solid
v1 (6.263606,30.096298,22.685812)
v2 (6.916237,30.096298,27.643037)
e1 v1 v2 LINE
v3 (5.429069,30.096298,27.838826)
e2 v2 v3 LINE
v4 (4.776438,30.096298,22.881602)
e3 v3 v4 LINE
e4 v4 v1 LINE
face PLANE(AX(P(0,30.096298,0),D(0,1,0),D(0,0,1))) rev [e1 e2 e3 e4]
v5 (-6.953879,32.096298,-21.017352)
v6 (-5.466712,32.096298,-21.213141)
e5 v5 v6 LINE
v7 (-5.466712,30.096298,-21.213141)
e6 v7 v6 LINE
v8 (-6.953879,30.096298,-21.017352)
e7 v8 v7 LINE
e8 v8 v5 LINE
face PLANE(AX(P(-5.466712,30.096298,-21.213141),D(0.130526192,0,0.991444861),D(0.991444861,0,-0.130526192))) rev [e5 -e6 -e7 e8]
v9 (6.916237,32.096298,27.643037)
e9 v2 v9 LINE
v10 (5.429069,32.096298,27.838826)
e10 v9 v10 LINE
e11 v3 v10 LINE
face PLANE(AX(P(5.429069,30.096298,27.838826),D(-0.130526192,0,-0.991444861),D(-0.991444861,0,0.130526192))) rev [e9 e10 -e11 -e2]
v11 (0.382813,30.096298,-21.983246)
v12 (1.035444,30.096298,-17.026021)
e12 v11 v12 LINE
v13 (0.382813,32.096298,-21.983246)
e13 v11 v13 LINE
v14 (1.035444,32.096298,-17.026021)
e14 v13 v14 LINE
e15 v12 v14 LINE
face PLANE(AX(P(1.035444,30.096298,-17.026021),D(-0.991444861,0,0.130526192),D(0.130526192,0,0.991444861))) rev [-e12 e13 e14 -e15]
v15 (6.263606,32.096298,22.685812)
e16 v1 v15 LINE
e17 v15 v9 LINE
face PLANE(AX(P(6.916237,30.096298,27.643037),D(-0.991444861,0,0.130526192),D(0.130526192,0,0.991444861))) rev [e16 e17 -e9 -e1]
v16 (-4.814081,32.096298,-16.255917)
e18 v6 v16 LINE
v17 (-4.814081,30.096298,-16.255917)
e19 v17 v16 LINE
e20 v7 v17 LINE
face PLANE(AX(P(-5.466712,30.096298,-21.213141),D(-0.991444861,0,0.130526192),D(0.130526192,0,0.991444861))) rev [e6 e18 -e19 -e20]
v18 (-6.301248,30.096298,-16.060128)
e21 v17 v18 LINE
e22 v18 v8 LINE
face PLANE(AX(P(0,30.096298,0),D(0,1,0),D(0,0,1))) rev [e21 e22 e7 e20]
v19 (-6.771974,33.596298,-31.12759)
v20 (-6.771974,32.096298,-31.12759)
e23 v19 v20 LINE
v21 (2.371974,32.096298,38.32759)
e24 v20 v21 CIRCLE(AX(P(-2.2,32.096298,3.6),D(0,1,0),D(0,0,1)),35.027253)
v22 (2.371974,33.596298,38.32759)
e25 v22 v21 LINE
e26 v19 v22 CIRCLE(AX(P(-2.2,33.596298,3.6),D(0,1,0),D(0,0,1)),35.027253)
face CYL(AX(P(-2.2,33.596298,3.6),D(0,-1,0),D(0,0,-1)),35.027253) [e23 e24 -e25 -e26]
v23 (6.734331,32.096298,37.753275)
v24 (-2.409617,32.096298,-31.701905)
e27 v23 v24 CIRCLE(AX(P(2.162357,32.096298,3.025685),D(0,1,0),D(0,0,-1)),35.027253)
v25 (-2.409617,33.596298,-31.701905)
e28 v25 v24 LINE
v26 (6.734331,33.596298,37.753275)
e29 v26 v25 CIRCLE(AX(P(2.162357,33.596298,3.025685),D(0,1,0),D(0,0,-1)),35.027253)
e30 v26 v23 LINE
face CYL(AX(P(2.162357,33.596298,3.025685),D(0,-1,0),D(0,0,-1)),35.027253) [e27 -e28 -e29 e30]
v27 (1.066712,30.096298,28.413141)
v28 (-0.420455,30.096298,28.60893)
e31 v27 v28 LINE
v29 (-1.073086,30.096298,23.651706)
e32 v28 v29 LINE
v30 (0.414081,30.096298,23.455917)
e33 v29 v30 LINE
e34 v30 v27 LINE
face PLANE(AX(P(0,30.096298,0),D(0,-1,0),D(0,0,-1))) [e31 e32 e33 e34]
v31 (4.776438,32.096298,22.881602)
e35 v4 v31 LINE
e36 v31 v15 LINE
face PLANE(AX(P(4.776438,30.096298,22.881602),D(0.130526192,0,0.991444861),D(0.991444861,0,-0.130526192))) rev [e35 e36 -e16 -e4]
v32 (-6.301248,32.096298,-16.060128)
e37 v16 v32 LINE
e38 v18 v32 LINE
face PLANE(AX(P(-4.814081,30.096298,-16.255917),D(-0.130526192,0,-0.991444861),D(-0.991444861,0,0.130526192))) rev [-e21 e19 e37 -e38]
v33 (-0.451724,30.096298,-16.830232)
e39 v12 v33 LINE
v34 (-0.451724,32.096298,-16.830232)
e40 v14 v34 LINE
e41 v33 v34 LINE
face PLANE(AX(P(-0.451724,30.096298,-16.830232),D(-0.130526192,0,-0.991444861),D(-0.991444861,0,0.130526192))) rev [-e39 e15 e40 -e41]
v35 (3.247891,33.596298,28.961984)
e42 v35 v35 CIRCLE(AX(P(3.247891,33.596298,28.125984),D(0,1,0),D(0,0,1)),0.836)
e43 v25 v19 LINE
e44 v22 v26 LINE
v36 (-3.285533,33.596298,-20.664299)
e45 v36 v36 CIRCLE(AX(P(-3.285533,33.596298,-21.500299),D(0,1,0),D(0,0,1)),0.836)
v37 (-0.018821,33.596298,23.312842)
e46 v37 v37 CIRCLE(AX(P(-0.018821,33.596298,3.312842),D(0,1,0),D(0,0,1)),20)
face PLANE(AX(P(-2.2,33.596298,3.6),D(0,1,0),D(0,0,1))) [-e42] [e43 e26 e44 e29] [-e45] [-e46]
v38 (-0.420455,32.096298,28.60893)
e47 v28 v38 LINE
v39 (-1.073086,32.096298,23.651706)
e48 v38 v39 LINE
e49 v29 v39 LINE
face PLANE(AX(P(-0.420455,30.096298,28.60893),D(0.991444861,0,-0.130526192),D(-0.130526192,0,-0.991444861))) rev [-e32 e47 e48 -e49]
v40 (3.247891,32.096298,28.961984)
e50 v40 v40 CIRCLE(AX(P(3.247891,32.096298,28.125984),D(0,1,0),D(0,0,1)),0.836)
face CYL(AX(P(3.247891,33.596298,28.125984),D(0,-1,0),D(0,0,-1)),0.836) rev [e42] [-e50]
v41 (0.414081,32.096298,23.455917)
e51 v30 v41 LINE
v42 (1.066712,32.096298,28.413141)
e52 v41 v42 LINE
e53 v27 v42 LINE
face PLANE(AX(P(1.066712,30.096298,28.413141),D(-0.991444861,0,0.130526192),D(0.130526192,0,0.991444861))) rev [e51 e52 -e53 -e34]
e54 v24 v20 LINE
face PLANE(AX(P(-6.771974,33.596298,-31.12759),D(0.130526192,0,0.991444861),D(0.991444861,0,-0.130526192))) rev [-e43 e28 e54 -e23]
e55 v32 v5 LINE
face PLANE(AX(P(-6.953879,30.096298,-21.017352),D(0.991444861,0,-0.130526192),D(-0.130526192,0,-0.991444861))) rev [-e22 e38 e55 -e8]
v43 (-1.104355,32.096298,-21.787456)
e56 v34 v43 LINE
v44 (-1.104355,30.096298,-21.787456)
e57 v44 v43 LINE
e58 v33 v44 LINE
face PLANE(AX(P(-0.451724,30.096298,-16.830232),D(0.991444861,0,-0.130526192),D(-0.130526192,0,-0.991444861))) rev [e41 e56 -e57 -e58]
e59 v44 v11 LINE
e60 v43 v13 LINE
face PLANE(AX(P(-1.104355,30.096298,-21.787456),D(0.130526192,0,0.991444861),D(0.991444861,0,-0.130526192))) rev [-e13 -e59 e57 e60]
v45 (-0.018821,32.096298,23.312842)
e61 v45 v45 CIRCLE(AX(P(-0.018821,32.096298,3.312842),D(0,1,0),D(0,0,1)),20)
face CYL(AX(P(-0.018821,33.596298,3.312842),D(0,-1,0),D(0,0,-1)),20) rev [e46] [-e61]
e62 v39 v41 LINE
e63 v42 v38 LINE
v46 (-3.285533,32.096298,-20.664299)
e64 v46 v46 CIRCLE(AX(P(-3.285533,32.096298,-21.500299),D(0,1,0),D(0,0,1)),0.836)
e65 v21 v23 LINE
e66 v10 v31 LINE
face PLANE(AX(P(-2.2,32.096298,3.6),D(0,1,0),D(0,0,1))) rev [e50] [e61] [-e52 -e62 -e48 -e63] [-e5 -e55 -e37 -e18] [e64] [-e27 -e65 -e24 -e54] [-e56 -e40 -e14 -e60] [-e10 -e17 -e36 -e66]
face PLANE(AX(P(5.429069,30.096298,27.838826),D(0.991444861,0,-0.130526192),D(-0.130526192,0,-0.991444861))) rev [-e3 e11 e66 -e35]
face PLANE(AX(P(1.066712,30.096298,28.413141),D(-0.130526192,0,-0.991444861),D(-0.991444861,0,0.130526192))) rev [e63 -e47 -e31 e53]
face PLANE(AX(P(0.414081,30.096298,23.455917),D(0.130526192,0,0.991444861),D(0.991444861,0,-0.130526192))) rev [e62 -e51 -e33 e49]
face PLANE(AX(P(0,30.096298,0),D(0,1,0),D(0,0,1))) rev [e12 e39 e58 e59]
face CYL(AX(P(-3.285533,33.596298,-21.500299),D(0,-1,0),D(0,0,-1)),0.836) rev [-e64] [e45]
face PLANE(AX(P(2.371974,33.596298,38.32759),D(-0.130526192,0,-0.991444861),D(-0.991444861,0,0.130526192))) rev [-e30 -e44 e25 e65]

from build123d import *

# Parameters (mm, degrees)
SKETCH89_R          = 20
SKETCH89_R_2        = 0.836
BOSS_EXTRUDE1_DEPTH = 1.5
BOSS_EXTRUDE2_DEPTH = 2


with BuildPart() as part:
    # Sketch89 → Boss-Extrude1 (new body)
    with BuildSketch(Plane(origin=(0, 32.096297607, 0), x_dir=(1, 0, 0), z_dir=(0, 1, 0))):
        with BuildLine():
            Line((-6.77197393, 31.12758978), (-2.40961654, 31.701905026))
            ThreePointArc((-2.40961654, 31.701905026), (36.88994717, 1.546289176), (6.73433132, -37.753274534))
            Line((6.73433132, -37.753274534), (2.37197393, -38.32758978))
            ThreePointArc((2.37197393, -38.32758978), (-36.92758978, -8.17197393), (-6.77197393, 31.12758978))
        make_face()
        with Locations(Location((-0.018821305, -3.312842377, 0), (0, 0, 270))):
            Circle(SKETCH89_R, mode=Mode.SUBTRACT)
        with Locations(Location((3.247890703, -28.125983544, 0), (0, 0, 270))):
            Circle(SKETCH89_R_2, mode=Mode.SUBTRACT)
        with Locations(Location((-3.285533313, 21.500298789, 0), (0, 0, 270))):
            Circle(SKETCH89_R_2, mode=Mode.SUBTRACT)
    extrude(amount=BOSS_EXTRUDE1_DEPTH)

    # Sketch90 → Boss-Extrude2 (add)
    with BuildSketch(Plane.XZ.offset(-32.096297607)):
        Polygon((1.066712008, 28.413141166), (0.414081046, 23.45591686), (-1.073086246, 23.651706148), (-0.420455285, 28.608930455), align=None)
        Polygon((5.429069398, 27.838825921), (4.776438436, 22.881601614), (6.263605729, 22.685812325), (6.91623669, 27.643036632), align=None)
        Polygon((-0.451723656, -16.830232105), (-1.104354617, -21.787456412), (0.382812675, -21.9832457), (1.035443636, -17.026021394), align=None)
        Polygon((-5.466712008, -21.213141166), (-4.814081046, -16.25591686), (-6.301248339, -16.060127571), (-6.9538793, -21.017351878), align=None)
    extrude(amount=BOSS_EXTRUDE2_DEPTH)


solid = part.part
